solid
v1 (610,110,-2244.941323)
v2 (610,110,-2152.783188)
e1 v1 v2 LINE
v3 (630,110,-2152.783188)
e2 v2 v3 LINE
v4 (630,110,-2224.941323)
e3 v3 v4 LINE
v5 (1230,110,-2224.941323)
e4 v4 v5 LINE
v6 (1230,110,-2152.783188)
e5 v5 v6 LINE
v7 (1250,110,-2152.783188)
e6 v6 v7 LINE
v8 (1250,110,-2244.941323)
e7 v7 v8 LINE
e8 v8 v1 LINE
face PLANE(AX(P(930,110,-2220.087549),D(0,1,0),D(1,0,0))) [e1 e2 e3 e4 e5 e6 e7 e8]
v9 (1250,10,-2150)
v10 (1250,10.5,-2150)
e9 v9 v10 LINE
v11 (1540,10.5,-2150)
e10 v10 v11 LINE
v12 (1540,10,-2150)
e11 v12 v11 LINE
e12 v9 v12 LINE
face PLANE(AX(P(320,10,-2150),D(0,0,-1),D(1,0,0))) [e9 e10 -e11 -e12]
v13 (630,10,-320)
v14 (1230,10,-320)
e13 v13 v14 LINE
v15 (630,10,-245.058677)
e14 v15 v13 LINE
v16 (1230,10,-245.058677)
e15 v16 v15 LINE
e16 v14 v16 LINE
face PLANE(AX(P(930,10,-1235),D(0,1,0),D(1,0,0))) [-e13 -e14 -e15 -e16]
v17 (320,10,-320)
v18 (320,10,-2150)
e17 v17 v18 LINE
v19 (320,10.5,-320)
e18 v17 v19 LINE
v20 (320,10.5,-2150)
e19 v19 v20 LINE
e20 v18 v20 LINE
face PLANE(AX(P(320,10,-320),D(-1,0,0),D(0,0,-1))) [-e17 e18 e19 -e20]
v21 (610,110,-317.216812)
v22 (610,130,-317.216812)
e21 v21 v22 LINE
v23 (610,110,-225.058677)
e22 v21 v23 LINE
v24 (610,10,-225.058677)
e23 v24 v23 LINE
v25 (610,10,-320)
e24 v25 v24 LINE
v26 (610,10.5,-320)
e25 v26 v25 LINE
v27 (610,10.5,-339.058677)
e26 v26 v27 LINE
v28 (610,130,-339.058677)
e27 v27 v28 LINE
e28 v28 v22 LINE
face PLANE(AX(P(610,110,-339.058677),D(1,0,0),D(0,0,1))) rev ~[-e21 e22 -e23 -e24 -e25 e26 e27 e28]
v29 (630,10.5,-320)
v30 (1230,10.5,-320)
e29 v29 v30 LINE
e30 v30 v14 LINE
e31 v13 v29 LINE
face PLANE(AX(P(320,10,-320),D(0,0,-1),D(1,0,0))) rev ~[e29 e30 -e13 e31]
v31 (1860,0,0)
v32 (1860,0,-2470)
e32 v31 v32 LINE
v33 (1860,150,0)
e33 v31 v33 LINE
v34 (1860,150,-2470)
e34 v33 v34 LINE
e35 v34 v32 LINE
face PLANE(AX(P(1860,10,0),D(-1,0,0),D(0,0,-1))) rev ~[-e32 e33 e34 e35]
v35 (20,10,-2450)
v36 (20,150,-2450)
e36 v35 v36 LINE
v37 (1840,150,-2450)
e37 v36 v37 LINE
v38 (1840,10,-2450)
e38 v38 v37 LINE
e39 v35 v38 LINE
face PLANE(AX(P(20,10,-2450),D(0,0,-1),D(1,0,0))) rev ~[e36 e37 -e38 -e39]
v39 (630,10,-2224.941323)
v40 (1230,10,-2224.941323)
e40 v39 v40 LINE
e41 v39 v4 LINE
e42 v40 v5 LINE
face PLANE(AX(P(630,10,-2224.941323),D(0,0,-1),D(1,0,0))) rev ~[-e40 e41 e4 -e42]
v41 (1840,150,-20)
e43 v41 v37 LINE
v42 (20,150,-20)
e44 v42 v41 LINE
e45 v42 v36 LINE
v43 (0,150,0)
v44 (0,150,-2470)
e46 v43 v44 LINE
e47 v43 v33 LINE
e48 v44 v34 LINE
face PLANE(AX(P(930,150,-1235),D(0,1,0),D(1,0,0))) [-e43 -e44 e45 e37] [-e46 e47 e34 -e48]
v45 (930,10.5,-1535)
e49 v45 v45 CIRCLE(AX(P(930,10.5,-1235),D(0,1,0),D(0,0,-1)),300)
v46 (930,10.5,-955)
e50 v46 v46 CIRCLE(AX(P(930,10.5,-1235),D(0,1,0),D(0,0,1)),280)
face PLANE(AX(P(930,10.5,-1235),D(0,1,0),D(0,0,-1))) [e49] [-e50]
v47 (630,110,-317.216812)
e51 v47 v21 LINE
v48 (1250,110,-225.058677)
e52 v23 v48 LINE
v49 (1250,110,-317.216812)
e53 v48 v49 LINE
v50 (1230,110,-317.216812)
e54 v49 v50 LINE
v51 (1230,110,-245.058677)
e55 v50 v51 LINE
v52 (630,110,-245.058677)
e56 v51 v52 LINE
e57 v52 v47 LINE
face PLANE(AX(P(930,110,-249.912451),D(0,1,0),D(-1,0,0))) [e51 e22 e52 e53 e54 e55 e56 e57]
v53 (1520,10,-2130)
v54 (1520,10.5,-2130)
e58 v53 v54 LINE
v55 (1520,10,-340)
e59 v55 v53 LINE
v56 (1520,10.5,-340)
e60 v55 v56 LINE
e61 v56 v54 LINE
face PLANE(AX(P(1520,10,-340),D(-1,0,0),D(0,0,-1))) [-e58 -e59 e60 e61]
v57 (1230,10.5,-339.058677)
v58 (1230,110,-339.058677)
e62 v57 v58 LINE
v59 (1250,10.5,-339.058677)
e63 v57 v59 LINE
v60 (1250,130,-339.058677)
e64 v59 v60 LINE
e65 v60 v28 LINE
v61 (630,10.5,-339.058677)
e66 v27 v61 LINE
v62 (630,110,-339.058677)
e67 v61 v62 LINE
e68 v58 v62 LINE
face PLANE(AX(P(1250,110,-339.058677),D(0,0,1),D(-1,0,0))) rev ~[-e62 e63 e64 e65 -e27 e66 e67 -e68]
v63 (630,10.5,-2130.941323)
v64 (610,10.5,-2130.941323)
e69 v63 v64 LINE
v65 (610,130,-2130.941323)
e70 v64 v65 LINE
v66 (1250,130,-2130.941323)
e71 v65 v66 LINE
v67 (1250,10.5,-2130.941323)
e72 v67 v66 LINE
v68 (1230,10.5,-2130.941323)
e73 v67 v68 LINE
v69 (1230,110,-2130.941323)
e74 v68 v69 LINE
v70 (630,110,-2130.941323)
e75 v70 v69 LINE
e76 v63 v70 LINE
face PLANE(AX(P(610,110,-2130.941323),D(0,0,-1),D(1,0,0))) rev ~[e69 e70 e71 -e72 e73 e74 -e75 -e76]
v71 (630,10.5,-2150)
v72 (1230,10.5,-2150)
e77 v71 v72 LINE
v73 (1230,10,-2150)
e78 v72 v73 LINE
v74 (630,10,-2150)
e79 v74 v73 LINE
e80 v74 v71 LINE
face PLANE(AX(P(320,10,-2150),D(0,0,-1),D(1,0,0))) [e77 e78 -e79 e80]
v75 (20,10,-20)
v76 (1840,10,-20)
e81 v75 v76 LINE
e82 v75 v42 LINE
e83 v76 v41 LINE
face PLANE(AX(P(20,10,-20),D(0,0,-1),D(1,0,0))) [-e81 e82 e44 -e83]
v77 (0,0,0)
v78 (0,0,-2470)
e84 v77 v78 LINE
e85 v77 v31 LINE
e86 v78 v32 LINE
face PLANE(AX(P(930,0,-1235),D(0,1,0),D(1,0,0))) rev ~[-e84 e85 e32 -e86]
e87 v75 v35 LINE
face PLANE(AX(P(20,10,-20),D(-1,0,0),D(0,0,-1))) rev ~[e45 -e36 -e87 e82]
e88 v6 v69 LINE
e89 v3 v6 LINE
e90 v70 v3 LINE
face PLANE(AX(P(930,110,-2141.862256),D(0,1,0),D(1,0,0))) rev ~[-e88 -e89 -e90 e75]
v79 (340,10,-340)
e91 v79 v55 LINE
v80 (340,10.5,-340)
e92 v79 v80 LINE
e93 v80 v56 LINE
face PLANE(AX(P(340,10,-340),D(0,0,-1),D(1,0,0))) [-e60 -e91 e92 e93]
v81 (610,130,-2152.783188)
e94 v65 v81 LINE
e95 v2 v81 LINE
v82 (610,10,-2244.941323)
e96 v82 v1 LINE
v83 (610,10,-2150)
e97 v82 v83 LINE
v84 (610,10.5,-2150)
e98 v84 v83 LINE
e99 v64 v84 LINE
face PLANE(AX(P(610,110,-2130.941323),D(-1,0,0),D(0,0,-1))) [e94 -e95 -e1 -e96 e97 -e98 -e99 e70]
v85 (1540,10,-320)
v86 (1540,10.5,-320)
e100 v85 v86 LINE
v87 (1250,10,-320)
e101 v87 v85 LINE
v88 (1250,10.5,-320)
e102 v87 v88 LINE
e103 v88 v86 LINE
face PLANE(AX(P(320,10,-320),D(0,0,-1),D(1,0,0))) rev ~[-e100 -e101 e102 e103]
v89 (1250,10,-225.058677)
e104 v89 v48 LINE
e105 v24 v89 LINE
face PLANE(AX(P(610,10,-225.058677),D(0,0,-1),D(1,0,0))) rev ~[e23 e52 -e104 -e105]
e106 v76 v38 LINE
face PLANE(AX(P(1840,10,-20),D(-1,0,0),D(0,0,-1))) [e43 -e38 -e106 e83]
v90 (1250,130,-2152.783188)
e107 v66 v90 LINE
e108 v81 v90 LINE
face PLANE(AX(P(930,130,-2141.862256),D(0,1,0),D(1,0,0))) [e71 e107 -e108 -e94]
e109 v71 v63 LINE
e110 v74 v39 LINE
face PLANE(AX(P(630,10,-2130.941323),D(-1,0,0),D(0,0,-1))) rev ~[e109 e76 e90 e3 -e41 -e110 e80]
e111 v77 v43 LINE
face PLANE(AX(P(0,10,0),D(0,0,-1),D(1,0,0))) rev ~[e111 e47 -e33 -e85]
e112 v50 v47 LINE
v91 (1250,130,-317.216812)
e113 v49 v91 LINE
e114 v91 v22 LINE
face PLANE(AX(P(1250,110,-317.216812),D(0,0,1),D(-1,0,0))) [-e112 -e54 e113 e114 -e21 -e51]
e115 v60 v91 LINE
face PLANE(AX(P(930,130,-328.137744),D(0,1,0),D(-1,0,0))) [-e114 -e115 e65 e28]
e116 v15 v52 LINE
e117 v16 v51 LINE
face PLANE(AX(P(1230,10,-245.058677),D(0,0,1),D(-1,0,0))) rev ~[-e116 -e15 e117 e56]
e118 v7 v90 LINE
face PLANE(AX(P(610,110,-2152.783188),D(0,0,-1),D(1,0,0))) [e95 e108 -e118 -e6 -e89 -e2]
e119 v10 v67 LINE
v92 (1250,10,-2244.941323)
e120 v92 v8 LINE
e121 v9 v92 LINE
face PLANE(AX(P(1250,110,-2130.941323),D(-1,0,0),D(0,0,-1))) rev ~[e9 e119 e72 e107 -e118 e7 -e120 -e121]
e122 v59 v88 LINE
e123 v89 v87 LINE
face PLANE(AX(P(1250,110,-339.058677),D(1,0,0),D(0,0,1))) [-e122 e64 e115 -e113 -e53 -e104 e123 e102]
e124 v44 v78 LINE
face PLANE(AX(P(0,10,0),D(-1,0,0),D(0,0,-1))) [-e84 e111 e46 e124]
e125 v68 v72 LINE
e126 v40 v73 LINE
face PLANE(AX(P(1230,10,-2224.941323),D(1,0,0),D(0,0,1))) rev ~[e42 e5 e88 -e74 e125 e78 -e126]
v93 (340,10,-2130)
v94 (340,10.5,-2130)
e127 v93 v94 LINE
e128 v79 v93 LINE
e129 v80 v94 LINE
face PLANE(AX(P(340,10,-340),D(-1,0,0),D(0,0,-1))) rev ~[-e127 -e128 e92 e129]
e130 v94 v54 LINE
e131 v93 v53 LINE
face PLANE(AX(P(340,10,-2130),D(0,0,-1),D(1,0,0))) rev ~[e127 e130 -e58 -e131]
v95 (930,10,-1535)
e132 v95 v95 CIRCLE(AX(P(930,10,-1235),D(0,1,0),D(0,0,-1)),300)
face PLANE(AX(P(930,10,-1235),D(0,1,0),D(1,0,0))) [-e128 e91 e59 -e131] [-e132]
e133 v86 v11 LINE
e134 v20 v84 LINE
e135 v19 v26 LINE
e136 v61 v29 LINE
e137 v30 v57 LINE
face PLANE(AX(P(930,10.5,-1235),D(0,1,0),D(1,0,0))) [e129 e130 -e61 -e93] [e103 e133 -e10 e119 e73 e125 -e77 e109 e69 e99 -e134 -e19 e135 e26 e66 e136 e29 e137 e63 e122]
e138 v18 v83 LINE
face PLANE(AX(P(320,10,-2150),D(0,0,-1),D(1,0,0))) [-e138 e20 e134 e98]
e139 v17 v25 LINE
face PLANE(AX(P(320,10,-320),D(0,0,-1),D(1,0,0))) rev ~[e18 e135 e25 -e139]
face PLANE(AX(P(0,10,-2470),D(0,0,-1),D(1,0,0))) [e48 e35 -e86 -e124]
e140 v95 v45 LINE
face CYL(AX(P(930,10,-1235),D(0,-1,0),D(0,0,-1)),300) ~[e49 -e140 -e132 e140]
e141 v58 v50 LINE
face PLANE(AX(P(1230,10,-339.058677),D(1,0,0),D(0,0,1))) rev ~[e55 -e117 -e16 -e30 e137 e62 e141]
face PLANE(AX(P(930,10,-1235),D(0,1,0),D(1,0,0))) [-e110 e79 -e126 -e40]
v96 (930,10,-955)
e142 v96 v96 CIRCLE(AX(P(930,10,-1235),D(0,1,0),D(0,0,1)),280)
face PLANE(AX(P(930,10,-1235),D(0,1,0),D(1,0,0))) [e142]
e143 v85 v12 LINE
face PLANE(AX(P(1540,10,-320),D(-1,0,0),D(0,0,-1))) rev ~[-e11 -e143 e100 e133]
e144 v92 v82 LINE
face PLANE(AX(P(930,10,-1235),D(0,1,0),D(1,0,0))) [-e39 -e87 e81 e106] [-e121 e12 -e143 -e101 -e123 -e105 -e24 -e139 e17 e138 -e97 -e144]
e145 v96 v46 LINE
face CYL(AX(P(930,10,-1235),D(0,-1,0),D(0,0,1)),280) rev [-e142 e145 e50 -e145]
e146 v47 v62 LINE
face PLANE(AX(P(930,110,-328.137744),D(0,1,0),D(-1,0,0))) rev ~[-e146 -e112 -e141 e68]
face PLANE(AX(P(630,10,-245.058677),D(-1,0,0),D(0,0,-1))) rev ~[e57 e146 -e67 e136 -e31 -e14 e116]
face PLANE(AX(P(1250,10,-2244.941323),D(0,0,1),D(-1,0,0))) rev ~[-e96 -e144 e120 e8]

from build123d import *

# Parameters (mm, degrees)
ESBO_O1_W                = 1860
ESBO_O1_H                = 2470
RESSALTO_EXTRUS_O1_DEPTH = 10
ESBO_O2_W                = 1860
ESBO_O2_H                = 2470
ESBO_O2_W_2              = 1820
ESBO_O2_H_2              = 2430
RESSALTO_EXTRUS_O2_DEPTH = 140
ESBO_O3_W                = 1220
ESBO_O3_H                = 1830
ESBO_O3_W_2              = 1180
ESBO_O3_H_2              = 1790
ESBO_O3_R                = 300
ESBO_O3_R_2              = 280
RESSALTO_EXTRUS_O3_DEPTH = 0.5
RESSALTO_EXTRUS_O4_DEPTH = 100
ESBO_O5_W                = 640
ESBO_O5_H                = 21.841865424
RESSALTO_EXTRUS_O5_DEPTH = 20
PADR_OCIRCULAR1_COUNT    = 2


with BuildPart() as part:
    # Esboço1 → Ressalto-extrusão1 (new body)
    with BuildSketch(Plane(origin=(0, 0, 0), x_dir=(1, 0, 0), z_dir=(0, 1, 0))):
        with Locations((930, 1235)):
            Rectangle(ESBO_O1_W, ESBO_O1_H)
    extrude(amount=RESSALTO_EXTRUS_O1_DEPTH)

    # Esboço2 → Ressalto-extrusão2 (add)
    with BuildSketch(Plane(origin=(0, 10, 0), x_dir=(1, 0, 0), z_dir=(0, 1, 0))):
        with Locations((930, 1235)):
            Rectangle(ESBO_O2_W, ESBO_O2_H)
        with Locations((930, 1235)):
            Rectangle(ESBO_O2_W_2, ESBO_O2_H_2, mode=Mode.SUBTRACT)
    extrude(amount=RESSALTO_EXTRUS_O2_DEPTH)

    # Esboço3 → Ressalto-extrusão3 (add)
    # profile 1 of 2: a face of its own
    with BuildSketch(Plane(origin=(0, 10, 0), x_dir=(1, 0, 0), z_dir=(0, 1, 0))):
        with Locations((930, 1235)):
            Rectangle(ESBO_O3_W, ESBO_O3_H)
        with Locations((930, 1235)):
            Rectangle(ESBO_O3_W_2, ESBO_O3_H_2, mode=Mode.SUBTRACT)
    # profile 2 of 2: a face of its own
    with BuildSketch(Plane(origin=(0, 10, 0), x_dir=(1, 0, 0), z_dir=(0, 1, 0))):
        with Locations(Location((930, 1235, 0), (0, 0, 90))):
            Circle(ESBO_O3_R)
        with Locations(Location((930, 1235, 0), (0, 0, 270))):
            Circle(ESBO_O3_R_2, mode=Mode.SUBTRACT)
    extrude(amount=RESSALTO_EXTRUS_O3_DEPTH)

    # Esboço4 → Ressalto-extrusão4 (add)
    with BuildSketch(Plane(origin=(0, 10, 0), x_dir=(1, 0, 0), z_dir=(0, 1, 0))):
        Polygon((630, 2224.941322865), (1230, 2224.941322865), (1230, 2150.941322865), (1230, 2130.941322865), (1250, 2130.941322865), (1250, 2244.941322865), (610, 2244.941322865), (610, 2130.941322865), (630, 2130.941322865), (630, 2150.941322865), align=None)
    ressalto_extrus_o4 = extrude(amount=RESSALTO_EXTRUS_O4_DEPTH)

    # Esboço5 → Ressalto-extrusão5 (add)
    with BuildSketch(Plane(origin=(0, 110, 0), x_dir=(1, 0, 0), z_dir=(0, 1, 0))):
        with Locations((930, 2141.862255577)):
            Rectangle(ESBO_O5_W, ESBO_O5_H)
    ressalto_extrus_o5 = extrude(amount=RESSALTO_EXTRUS_O5_DEPTH)

    # PadrãoCircular1: Ressalto-extrusão4, Ressalto-extrusão5 ×2 about axis
    padr_ocircular1_axis = Axis((930, 10.5, -1235), (0, 1, 0))
    add([ressalto_extrus_o4.rotate(padr_ocircular1_axis, i * 360 / PADR_OCIRCULAR1_COUNT) for i in range(1, PADR_OCIRCULAR1_COUNT)])
    add([ressalto_extrus_o5.rotate(padr_ocircular1_axis, i * 360 / PADR_OCIRCULAR1_COUNT) for i in range(1, PADR_OCIRCULAR1_COUNT)])


solid = part.part
